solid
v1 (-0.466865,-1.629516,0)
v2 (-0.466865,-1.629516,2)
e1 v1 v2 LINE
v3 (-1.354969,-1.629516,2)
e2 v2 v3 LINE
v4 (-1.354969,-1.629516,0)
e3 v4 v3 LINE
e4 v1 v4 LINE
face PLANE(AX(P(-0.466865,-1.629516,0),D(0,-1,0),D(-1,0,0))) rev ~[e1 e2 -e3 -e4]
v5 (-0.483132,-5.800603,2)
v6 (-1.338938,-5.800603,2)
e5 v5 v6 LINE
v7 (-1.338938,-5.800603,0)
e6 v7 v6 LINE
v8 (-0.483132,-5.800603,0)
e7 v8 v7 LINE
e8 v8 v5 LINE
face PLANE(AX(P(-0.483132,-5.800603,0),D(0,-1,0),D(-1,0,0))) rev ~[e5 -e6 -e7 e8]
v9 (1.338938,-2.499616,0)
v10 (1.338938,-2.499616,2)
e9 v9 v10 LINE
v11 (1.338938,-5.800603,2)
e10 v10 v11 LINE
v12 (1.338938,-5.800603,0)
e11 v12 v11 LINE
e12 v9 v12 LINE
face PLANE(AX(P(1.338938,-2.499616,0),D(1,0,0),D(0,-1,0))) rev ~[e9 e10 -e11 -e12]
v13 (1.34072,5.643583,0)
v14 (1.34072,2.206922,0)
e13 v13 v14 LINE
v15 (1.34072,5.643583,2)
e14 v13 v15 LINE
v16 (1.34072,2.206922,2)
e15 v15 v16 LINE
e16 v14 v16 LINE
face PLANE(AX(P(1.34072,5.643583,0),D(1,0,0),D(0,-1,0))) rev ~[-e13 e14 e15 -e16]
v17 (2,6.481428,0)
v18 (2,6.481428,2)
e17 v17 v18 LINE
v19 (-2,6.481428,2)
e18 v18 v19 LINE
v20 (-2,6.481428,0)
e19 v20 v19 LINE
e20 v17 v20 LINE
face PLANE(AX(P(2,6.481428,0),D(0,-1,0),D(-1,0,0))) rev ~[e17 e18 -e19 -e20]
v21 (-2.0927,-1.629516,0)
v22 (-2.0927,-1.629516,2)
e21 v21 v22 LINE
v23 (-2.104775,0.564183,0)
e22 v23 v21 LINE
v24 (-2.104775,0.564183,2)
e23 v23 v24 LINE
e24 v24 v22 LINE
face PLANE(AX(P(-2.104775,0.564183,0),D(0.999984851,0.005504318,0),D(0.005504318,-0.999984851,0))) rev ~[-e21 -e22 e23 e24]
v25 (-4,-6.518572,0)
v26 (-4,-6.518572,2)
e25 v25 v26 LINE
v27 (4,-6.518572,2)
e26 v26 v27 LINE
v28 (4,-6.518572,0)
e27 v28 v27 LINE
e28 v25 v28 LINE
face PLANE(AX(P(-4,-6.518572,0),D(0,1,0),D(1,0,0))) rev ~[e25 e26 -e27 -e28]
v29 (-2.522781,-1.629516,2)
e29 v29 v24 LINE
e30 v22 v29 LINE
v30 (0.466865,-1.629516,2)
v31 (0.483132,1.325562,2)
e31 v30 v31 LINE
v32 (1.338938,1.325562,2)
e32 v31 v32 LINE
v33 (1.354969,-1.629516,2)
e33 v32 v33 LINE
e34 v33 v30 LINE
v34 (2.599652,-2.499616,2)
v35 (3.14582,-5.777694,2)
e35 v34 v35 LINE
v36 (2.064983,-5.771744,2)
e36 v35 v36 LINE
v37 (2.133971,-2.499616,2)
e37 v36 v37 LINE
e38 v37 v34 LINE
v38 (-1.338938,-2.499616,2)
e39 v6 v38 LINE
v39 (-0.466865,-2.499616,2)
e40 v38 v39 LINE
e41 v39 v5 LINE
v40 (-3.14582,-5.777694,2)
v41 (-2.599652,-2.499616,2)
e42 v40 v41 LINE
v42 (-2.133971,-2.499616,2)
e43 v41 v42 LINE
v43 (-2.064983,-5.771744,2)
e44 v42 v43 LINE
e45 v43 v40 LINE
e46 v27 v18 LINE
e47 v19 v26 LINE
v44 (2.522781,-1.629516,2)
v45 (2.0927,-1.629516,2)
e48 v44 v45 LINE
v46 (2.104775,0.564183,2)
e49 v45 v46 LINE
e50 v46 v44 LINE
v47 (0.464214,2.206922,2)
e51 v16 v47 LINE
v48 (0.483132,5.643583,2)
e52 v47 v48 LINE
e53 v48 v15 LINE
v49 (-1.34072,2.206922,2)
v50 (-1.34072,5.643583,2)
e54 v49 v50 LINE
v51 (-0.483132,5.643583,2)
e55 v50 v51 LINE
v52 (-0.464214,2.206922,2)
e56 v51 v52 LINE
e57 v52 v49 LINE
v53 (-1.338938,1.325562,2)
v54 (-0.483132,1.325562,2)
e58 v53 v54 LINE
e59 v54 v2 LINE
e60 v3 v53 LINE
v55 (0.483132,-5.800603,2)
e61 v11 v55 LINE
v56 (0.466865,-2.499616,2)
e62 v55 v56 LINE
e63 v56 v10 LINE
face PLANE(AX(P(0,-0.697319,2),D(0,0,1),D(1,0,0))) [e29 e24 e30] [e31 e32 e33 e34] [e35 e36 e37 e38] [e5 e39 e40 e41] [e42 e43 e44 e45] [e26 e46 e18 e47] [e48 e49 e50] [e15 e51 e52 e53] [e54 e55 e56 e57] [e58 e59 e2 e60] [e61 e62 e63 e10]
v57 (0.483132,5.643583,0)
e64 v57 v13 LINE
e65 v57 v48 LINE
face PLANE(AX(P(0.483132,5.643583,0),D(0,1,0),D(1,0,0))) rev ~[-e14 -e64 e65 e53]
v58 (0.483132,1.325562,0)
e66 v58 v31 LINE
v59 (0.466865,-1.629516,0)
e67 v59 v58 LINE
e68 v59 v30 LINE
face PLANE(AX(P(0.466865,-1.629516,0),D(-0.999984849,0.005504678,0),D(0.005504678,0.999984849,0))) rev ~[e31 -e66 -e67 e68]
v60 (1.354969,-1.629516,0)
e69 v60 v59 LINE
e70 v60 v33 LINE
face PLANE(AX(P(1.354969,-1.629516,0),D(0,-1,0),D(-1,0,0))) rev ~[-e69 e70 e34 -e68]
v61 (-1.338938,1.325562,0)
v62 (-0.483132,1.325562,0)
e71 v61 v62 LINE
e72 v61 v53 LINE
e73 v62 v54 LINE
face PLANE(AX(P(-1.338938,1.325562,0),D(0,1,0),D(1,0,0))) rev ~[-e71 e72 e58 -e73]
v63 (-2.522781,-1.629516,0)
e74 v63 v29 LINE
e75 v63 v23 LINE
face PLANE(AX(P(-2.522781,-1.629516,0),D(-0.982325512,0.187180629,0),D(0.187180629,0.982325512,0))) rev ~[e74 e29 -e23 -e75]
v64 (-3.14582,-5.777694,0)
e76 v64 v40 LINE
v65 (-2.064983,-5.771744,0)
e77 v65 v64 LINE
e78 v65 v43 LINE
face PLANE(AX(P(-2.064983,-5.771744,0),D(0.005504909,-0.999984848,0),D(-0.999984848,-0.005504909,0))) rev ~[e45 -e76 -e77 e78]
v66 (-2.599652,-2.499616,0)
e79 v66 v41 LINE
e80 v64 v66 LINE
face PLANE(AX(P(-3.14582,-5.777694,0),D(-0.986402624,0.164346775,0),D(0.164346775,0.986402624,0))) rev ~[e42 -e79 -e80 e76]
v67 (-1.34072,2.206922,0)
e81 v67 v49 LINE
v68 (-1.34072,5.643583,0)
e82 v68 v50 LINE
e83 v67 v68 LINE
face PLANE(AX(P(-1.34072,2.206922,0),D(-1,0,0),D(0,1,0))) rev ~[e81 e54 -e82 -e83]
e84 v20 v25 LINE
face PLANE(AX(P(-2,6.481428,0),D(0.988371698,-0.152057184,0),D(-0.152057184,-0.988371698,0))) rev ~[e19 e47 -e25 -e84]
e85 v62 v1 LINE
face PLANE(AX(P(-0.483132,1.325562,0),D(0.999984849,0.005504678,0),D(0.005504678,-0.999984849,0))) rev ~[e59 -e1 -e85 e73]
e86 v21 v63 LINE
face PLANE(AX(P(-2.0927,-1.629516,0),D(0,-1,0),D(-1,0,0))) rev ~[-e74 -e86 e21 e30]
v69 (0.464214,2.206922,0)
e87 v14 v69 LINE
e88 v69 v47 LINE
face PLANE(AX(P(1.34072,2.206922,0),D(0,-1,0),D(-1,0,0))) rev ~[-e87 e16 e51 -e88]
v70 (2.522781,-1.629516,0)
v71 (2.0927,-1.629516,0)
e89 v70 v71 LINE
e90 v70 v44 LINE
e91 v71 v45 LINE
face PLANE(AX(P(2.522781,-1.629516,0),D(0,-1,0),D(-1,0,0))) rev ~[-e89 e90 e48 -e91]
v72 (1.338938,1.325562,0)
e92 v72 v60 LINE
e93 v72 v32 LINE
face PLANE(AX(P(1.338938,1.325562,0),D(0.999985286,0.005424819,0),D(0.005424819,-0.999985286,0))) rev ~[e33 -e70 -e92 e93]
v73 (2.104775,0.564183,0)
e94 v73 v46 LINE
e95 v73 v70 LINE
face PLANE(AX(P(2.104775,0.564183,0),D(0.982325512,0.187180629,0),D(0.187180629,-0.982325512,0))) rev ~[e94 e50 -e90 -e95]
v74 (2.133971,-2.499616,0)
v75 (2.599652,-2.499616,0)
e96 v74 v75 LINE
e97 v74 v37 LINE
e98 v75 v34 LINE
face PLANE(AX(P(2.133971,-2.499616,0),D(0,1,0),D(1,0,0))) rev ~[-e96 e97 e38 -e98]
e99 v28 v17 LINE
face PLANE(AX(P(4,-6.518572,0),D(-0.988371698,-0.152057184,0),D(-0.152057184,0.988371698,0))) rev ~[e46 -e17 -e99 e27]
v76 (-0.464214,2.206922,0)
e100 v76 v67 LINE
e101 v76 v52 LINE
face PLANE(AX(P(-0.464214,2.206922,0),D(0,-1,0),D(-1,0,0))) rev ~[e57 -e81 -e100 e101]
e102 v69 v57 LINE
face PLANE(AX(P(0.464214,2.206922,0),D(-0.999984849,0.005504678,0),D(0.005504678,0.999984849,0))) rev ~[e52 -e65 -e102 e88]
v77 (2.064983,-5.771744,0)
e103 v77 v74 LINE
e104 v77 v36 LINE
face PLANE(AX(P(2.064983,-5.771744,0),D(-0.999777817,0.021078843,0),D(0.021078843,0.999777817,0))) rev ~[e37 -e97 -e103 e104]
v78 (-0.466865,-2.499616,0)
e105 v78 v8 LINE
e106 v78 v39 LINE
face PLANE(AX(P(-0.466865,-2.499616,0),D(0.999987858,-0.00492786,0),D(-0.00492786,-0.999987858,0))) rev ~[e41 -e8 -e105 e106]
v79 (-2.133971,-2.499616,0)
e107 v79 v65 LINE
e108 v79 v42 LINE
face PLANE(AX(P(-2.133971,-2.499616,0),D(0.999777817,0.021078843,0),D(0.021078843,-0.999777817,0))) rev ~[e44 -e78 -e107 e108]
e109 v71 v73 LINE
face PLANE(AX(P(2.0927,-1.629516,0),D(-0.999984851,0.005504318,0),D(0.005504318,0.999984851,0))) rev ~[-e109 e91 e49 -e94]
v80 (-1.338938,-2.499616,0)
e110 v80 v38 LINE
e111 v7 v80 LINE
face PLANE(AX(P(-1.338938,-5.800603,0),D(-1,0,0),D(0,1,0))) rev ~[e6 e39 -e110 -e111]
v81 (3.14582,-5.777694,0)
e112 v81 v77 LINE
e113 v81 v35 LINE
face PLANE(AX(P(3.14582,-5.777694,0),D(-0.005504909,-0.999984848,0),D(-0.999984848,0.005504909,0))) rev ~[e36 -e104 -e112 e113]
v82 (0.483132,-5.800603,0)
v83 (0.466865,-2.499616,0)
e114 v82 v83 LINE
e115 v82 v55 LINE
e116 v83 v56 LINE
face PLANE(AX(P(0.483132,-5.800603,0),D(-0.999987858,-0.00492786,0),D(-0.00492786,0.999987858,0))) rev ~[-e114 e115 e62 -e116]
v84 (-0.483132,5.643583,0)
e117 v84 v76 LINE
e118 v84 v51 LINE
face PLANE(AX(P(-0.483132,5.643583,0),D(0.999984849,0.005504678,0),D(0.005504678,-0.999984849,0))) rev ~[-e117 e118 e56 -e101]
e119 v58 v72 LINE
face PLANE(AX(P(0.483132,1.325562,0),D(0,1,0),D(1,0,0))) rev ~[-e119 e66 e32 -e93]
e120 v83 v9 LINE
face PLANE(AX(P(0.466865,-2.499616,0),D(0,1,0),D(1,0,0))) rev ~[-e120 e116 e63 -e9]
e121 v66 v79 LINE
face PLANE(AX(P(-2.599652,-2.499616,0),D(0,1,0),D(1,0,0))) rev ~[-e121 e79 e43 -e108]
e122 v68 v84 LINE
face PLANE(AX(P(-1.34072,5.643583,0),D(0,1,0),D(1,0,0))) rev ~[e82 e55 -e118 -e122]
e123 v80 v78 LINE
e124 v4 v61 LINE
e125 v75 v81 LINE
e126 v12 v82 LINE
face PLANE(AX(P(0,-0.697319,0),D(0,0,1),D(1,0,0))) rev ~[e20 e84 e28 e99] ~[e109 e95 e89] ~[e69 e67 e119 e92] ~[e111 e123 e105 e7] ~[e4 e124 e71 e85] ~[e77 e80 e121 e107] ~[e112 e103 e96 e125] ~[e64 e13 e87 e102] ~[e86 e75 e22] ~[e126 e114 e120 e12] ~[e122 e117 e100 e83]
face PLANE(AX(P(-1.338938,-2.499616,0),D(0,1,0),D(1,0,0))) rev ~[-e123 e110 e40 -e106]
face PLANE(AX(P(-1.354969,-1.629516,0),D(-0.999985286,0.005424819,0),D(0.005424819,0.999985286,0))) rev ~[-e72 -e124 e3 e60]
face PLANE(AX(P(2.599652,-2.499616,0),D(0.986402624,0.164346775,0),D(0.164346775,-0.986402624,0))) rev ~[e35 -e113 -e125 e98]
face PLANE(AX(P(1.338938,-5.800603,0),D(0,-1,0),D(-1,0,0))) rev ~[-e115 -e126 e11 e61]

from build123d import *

# Parameters (mm, degrees)
F1_DEPTH = 2


with BuildPart() as f1:
    # F0 (on Top) → F1 (new body)
    with BuildSketch(Plane.XY):
        Polygon((2, 6.481428), (0, 6.481428), (-2, 6.481428), (-4, -6.518572), (0, -6.518572), (4, -6.518572), align=None)
        Polygon((-2.599652, -2.499616), (-2.133971, -2.499616), (-2.064983, -5.771744), (-3.14582, -5.777694), align=None, mode=Mode.SUBTRACT)
        Polygon((-1.338938, -5.800603), (-1.338938, -2.499616), (-0.466865, -2.499616), (-0.483132, -5.800603), align=None, mode=Mode.SUBTRACT)
        Polygon((-2.522781, -1.629516), (-2.104775, 0.564183), (-2.0927, -1.629516), align=None, mode=Mode.SUBTRACT)
        Polygon((-1.354969, -1.629516), (-1.338938, 1.325562), (-0.483132, 1.325562), (-0.466865, -1.629516), align=None, mode=Mode.SUBTRACT)
        Polygon((1.338938, -5.800603), (0.483132, -5.800603), (0.466865, -2.499616), (1.338938, -2.499616), align=None, mode=Mode.SUBTRACT)
        Polygon((2.599652, -2.499616), (3.14582, -5.777694), (2.064983, -5.771744), (2.133971, -2.499616), align=None, mode=Mode.SUBTRACT)
        Polygon((1.354969, -1.629516), (0.466865, -1.629516), (0.483132, 1.325562), (1.338938, 1.325562), align=None, mode=Mode.SUBTRACT)
        Polygon((2.522781, -1.629516), (2.0927, -1.629516), (2.104775, 0.564183), align=None, mode=Mode.SUBTRACT)
        Polygon((-1.34072, 5.643583), (-0.483132, 5.643583), (-0.464214, 2.206922), (-1.34072, 2.206922), align=None, mode=Mode.SUBTRACT)
        Polygon((1.34072, 5.643583), (1.34072, 2.206922), (0.464214, 2.206922), (0.483132, 5.643583), align=None, mode=Mode.SUBTRACT)
    extrude(amount=F1_DEPTH)


solid = f1.part
